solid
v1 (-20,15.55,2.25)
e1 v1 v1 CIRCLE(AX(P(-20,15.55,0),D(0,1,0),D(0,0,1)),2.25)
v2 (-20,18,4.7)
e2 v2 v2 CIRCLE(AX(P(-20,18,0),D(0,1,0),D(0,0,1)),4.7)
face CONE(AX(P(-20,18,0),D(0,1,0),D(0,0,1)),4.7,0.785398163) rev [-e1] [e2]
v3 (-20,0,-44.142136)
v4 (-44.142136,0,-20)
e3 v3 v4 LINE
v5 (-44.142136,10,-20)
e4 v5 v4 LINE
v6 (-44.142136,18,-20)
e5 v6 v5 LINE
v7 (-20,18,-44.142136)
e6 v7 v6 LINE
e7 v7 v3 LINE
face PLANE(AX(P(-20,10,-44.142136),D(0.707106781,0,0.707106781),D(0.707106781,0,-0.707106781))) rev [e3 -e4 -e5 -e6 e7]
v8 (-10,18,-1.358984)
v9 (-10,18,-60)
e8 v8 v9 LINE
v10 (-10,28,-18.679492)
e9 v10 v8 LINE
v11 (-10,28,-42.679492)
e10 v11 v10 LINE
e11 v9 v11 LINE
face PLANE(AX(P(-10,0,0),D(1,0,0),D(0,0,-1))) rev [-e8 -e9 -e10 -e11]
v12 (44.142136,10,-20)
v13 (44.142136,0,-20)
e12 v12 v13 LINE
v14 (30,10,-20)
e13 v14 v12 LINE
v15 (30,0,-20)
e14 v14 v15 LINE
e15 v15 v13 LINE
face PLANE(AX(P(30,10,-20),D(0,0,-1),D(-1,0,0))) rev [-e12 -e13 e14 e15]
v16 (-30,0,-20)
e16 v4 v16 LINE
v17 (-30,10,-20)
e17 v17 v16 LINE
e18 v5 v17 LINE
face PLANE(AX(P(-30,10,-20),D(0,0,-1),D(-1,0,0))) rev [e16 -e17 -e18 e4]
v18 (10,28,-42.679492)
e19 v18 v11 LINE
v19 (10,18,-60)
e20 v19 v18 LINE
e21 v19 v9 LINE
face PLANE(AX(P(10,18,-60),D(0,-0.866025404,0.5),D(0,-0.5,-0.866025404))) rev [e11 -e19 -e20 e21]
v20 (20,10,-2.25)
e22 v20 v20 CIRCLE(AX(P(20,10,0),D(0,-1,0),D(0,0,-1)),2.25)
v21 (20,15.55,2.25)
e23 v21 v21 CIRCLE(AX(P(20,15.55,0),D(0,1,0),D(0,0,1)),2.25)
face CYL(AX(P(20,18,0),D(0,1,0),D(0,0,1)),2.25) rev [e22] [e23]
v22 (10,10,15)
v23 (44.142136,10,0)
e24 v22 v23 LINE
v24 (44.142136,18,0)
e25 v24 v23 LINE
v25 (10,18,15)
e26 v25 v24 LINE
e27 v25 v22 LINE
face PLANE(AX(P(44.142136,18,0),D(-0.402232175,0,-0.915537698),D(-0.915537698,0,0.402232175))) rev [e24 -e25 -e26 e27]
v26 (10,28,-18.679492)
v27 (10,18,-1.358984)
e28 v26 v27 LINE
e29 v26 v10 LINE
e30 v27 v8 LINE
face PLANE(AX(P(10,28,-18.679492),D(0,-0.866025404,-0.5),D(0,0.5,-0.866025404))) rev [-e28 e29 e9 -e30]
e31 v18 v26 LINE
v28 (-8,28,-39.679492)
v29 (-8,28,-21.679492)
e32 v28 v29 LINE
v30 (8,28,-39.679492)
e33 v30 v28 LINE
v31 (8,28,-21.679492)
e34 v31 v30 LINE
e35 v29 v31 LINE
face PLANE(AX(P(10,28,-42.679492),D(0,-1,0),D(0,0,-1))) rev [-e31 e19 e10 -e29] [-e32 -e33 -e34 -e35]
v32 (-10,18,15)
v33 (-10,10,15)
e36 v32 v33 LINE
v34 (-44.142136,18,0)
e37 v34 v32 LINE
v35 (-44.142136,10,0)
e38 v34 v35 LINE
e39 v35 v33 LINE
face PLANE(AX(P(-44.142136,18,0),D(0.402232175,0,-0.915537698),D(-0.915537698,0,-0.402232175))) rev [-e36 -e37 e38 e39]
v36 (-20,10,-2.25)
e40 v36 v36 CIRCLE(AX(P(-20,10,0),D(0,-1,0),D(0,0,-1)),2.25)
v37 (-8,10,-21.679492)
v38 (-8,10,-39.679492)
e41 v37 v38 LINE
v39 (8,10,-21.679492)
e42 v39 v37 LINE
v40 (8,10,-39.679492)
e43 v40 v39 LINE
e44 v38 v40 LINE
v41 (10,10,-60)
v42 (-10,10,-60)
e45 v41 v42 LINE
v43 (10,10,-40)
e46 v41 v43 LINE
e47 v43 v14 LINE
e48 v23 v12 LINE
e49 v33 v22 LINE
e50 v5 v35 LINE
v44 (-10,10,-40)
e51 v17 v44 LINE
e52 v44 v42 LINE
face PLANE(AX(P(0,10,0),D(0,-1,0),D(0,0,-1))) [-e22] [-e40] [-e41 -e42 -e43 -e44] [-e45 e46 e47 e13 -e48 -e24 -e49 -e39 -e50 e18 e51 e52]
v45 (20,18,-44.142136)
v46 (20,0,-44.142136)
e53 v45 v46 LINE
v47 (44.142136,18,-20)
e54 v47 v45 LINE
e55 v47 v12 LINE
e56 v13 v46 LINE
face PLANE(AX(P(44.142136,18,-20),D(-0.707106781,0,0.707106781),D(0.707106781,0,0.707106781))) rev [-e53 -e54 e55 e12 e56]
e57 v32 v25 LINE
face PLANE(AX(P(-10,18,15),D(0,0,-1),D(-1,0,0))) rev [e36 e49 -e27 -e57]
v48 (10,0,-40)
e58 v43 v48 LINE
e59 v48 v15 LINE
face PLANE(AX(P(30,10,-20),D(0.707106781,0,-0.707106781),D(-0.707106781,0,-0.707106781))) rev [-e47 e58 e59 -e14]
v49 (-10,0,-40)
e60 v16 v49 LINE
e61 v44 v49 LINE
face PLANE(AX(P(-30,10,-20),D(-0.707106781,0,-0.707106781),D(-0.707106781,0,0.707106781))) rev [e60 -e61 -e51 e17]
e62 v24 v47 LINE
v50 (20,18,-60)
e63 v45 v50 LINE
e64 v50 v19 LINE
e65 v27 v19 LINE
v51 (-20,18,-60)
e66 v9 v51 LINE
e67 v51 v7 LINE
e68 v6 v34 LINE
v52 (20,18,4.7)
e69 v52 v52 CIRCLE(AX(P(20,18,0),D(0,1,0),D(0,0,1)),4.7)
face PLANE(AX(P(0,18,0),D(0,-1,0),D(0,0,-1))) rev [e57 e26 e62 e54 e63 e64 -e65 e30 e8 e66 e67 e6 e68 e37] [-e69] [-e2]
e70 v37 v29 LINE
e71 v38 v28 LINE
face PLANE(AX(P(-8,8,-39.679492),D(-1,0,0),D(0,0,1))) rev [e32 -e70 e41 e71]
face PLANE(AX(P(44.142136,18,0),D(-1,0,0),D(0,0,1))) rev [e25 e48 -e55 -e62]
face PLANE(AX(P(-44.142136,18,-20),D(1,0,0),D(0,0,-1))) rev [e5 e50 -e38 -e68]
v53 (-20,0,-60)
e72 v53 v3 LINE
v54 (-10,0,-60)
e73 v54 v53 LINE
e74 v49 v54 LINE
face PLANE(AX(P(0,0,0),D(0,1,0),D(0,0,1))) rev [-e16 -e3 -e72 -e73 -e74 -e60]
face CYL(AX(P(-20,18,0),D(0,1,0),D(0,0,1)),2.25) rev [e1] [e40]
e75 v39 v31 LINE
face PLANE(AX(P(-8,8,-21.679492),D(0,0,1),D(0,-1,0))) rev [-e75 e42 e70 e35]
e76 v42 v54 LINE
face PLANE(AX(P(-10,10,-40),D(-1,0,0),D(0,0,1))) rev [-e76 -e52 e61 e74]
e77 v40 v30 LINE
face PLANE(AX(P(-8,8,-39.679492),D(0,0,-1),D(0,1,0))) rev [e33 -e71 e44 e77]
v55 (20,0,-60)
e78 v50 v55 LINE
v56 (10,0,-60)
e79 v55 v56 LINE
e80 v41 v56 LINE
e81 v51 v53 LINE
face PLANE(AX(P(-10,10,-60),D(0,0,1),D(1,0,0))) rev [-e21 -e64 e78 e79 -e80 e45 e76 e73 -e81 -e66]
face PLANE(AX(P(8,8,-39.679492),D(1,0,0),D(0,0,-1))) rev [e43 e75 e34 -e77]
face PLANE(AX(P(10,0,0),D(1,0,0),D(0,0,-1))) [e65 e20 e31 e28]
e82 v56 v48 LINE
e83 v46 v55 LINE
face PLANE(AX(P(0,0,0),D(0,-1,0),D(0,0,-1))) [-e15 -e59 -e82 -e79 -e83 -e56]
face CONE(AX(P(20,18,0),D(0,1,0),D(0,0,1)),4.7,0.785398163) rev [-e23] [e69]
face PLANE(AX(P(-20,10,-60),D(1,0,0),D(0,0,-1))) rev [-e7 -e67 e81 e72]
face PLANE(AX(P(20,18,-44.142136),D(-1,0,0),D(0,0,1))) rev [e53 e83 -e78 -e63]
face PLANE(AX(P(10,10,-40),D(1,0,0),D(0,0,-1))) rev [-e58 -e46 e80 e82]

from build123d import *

# Parameters (mm, degrees)
EXTRUDE_1_DEPTH             = 10
EXTRUDE_1_2_DEPTH           = 10
EXTRUDE_2_DEPTH             = 8
HOLE_WIZARD_M41_D           = 4.5
HOLE_WIZARD_M41_CSINK_D     = 9.4
HOLE_WIZARD_M41_CSINK_ANGLE = 90
EXTRUDE_3_DEPTH             = 10
SKETCH_8_W                  = 16
SKETCH_8_H                  = 18
CUT_EXTRUDE_1_DEPTH         = 20


with BuildPart() as part:
    # Эскиз1 → Бобышка-Вытянуть1 (new body)
    with BuildSketch(Plane(origin=(0, 0, 0), x_dir=(1, 0, 0), z_dir=(0, 1, 0))):
        Polygon((-30, 20), (-44.142135624, 20), (-20, 44.142135624), (-20, 60), (-10, 60), (-10, 40), align=None)
    extrude(amount=EXTRUDE_1_DEPTH)



with BuildPart() as body_2:
    # Эскиз1 → Extrude 1 2 (new body)
    with BuildSketch(Plane(origin=(0, 0, 0), x_dir=(1, 0, 0), z_dir=(0, 1, 0))):
        Polygon((30, 20), (10, 40), (10, 60), (20, 60), (20, 44.142135624), (44.142135624, 20), align=None)
    extrude(amount=EXTRUDE_1_2_DEPTH)


with BuildPart() as part_1:
    add(part.part)

    add(body_2.part)  # Бобышка-Вытянуть2 merges body 2
    # Эскиз2 → Бобышка-Вытянуть2 (add)
    with BuildSketch(Plane(origin=(0, 10, 0), x_dir=(1, 0, 0), z_dir=(0, 1, 0))):
        Polygon((44.142135624, 20), (20, 44.142135624), (20, 60), (10, 60), (-10, 60), (-20, 60), (-20, 44.142135624), (-44.142135624, 20), (-44.142135624, 0), (-10, -15), (10, -15), (44.142135624, 0), align=None)
    extrude(amount=EXTRUDE_2_DEPTH)

    # Зенковка для винта с полупотайной головкой M41 (through all)
    with Locations(Plane(origin=(0, 18, 0), x_dir=(1, 0, 0), z_dir=(0, 1, 0))):
        with Locations((-20, 0), (20, 0)):
            CounterSinkHole(HOLE_WIZARD_M41_D / 2, HOLE_WIZARD_M41_CSINK_D / 2, counter_sink_angle=HOLE_WIZARD_M41_CSINK_ANGLE)

    # Эскиз7 → Бобышка-Вытянуть3 (add, symmetric)
    with BuildSketch(Plane(origin=(0, 0, 0), x_dir=(0, 0, -1), z_dir=(1, 0, 0))):
        Polygon((44.142135624, 18), (60, 18), (42.679491924, 28), (18.679491924, 28), (1.358983849, 18), align=None)
    extrude(amount=EXTRUDE_3_DEPTH, both=True)

    # Эскиз8 → Вырез-Вытянуть1 (cut)
    with BuildSketch(Plane(origin=(0, 28, 0), x_dir=(1, 0, 0), z_dir=(0, 1, 0))):
        with Locations((0, 30.679491924)):
            Rectangle(SKETCH_8_W, SKETCH_8_H)
    extrude(amount=-CUT_EXTRUDE_1_DEPTH, mode=Mode.SUBTRACT)


solid = part_1.part
